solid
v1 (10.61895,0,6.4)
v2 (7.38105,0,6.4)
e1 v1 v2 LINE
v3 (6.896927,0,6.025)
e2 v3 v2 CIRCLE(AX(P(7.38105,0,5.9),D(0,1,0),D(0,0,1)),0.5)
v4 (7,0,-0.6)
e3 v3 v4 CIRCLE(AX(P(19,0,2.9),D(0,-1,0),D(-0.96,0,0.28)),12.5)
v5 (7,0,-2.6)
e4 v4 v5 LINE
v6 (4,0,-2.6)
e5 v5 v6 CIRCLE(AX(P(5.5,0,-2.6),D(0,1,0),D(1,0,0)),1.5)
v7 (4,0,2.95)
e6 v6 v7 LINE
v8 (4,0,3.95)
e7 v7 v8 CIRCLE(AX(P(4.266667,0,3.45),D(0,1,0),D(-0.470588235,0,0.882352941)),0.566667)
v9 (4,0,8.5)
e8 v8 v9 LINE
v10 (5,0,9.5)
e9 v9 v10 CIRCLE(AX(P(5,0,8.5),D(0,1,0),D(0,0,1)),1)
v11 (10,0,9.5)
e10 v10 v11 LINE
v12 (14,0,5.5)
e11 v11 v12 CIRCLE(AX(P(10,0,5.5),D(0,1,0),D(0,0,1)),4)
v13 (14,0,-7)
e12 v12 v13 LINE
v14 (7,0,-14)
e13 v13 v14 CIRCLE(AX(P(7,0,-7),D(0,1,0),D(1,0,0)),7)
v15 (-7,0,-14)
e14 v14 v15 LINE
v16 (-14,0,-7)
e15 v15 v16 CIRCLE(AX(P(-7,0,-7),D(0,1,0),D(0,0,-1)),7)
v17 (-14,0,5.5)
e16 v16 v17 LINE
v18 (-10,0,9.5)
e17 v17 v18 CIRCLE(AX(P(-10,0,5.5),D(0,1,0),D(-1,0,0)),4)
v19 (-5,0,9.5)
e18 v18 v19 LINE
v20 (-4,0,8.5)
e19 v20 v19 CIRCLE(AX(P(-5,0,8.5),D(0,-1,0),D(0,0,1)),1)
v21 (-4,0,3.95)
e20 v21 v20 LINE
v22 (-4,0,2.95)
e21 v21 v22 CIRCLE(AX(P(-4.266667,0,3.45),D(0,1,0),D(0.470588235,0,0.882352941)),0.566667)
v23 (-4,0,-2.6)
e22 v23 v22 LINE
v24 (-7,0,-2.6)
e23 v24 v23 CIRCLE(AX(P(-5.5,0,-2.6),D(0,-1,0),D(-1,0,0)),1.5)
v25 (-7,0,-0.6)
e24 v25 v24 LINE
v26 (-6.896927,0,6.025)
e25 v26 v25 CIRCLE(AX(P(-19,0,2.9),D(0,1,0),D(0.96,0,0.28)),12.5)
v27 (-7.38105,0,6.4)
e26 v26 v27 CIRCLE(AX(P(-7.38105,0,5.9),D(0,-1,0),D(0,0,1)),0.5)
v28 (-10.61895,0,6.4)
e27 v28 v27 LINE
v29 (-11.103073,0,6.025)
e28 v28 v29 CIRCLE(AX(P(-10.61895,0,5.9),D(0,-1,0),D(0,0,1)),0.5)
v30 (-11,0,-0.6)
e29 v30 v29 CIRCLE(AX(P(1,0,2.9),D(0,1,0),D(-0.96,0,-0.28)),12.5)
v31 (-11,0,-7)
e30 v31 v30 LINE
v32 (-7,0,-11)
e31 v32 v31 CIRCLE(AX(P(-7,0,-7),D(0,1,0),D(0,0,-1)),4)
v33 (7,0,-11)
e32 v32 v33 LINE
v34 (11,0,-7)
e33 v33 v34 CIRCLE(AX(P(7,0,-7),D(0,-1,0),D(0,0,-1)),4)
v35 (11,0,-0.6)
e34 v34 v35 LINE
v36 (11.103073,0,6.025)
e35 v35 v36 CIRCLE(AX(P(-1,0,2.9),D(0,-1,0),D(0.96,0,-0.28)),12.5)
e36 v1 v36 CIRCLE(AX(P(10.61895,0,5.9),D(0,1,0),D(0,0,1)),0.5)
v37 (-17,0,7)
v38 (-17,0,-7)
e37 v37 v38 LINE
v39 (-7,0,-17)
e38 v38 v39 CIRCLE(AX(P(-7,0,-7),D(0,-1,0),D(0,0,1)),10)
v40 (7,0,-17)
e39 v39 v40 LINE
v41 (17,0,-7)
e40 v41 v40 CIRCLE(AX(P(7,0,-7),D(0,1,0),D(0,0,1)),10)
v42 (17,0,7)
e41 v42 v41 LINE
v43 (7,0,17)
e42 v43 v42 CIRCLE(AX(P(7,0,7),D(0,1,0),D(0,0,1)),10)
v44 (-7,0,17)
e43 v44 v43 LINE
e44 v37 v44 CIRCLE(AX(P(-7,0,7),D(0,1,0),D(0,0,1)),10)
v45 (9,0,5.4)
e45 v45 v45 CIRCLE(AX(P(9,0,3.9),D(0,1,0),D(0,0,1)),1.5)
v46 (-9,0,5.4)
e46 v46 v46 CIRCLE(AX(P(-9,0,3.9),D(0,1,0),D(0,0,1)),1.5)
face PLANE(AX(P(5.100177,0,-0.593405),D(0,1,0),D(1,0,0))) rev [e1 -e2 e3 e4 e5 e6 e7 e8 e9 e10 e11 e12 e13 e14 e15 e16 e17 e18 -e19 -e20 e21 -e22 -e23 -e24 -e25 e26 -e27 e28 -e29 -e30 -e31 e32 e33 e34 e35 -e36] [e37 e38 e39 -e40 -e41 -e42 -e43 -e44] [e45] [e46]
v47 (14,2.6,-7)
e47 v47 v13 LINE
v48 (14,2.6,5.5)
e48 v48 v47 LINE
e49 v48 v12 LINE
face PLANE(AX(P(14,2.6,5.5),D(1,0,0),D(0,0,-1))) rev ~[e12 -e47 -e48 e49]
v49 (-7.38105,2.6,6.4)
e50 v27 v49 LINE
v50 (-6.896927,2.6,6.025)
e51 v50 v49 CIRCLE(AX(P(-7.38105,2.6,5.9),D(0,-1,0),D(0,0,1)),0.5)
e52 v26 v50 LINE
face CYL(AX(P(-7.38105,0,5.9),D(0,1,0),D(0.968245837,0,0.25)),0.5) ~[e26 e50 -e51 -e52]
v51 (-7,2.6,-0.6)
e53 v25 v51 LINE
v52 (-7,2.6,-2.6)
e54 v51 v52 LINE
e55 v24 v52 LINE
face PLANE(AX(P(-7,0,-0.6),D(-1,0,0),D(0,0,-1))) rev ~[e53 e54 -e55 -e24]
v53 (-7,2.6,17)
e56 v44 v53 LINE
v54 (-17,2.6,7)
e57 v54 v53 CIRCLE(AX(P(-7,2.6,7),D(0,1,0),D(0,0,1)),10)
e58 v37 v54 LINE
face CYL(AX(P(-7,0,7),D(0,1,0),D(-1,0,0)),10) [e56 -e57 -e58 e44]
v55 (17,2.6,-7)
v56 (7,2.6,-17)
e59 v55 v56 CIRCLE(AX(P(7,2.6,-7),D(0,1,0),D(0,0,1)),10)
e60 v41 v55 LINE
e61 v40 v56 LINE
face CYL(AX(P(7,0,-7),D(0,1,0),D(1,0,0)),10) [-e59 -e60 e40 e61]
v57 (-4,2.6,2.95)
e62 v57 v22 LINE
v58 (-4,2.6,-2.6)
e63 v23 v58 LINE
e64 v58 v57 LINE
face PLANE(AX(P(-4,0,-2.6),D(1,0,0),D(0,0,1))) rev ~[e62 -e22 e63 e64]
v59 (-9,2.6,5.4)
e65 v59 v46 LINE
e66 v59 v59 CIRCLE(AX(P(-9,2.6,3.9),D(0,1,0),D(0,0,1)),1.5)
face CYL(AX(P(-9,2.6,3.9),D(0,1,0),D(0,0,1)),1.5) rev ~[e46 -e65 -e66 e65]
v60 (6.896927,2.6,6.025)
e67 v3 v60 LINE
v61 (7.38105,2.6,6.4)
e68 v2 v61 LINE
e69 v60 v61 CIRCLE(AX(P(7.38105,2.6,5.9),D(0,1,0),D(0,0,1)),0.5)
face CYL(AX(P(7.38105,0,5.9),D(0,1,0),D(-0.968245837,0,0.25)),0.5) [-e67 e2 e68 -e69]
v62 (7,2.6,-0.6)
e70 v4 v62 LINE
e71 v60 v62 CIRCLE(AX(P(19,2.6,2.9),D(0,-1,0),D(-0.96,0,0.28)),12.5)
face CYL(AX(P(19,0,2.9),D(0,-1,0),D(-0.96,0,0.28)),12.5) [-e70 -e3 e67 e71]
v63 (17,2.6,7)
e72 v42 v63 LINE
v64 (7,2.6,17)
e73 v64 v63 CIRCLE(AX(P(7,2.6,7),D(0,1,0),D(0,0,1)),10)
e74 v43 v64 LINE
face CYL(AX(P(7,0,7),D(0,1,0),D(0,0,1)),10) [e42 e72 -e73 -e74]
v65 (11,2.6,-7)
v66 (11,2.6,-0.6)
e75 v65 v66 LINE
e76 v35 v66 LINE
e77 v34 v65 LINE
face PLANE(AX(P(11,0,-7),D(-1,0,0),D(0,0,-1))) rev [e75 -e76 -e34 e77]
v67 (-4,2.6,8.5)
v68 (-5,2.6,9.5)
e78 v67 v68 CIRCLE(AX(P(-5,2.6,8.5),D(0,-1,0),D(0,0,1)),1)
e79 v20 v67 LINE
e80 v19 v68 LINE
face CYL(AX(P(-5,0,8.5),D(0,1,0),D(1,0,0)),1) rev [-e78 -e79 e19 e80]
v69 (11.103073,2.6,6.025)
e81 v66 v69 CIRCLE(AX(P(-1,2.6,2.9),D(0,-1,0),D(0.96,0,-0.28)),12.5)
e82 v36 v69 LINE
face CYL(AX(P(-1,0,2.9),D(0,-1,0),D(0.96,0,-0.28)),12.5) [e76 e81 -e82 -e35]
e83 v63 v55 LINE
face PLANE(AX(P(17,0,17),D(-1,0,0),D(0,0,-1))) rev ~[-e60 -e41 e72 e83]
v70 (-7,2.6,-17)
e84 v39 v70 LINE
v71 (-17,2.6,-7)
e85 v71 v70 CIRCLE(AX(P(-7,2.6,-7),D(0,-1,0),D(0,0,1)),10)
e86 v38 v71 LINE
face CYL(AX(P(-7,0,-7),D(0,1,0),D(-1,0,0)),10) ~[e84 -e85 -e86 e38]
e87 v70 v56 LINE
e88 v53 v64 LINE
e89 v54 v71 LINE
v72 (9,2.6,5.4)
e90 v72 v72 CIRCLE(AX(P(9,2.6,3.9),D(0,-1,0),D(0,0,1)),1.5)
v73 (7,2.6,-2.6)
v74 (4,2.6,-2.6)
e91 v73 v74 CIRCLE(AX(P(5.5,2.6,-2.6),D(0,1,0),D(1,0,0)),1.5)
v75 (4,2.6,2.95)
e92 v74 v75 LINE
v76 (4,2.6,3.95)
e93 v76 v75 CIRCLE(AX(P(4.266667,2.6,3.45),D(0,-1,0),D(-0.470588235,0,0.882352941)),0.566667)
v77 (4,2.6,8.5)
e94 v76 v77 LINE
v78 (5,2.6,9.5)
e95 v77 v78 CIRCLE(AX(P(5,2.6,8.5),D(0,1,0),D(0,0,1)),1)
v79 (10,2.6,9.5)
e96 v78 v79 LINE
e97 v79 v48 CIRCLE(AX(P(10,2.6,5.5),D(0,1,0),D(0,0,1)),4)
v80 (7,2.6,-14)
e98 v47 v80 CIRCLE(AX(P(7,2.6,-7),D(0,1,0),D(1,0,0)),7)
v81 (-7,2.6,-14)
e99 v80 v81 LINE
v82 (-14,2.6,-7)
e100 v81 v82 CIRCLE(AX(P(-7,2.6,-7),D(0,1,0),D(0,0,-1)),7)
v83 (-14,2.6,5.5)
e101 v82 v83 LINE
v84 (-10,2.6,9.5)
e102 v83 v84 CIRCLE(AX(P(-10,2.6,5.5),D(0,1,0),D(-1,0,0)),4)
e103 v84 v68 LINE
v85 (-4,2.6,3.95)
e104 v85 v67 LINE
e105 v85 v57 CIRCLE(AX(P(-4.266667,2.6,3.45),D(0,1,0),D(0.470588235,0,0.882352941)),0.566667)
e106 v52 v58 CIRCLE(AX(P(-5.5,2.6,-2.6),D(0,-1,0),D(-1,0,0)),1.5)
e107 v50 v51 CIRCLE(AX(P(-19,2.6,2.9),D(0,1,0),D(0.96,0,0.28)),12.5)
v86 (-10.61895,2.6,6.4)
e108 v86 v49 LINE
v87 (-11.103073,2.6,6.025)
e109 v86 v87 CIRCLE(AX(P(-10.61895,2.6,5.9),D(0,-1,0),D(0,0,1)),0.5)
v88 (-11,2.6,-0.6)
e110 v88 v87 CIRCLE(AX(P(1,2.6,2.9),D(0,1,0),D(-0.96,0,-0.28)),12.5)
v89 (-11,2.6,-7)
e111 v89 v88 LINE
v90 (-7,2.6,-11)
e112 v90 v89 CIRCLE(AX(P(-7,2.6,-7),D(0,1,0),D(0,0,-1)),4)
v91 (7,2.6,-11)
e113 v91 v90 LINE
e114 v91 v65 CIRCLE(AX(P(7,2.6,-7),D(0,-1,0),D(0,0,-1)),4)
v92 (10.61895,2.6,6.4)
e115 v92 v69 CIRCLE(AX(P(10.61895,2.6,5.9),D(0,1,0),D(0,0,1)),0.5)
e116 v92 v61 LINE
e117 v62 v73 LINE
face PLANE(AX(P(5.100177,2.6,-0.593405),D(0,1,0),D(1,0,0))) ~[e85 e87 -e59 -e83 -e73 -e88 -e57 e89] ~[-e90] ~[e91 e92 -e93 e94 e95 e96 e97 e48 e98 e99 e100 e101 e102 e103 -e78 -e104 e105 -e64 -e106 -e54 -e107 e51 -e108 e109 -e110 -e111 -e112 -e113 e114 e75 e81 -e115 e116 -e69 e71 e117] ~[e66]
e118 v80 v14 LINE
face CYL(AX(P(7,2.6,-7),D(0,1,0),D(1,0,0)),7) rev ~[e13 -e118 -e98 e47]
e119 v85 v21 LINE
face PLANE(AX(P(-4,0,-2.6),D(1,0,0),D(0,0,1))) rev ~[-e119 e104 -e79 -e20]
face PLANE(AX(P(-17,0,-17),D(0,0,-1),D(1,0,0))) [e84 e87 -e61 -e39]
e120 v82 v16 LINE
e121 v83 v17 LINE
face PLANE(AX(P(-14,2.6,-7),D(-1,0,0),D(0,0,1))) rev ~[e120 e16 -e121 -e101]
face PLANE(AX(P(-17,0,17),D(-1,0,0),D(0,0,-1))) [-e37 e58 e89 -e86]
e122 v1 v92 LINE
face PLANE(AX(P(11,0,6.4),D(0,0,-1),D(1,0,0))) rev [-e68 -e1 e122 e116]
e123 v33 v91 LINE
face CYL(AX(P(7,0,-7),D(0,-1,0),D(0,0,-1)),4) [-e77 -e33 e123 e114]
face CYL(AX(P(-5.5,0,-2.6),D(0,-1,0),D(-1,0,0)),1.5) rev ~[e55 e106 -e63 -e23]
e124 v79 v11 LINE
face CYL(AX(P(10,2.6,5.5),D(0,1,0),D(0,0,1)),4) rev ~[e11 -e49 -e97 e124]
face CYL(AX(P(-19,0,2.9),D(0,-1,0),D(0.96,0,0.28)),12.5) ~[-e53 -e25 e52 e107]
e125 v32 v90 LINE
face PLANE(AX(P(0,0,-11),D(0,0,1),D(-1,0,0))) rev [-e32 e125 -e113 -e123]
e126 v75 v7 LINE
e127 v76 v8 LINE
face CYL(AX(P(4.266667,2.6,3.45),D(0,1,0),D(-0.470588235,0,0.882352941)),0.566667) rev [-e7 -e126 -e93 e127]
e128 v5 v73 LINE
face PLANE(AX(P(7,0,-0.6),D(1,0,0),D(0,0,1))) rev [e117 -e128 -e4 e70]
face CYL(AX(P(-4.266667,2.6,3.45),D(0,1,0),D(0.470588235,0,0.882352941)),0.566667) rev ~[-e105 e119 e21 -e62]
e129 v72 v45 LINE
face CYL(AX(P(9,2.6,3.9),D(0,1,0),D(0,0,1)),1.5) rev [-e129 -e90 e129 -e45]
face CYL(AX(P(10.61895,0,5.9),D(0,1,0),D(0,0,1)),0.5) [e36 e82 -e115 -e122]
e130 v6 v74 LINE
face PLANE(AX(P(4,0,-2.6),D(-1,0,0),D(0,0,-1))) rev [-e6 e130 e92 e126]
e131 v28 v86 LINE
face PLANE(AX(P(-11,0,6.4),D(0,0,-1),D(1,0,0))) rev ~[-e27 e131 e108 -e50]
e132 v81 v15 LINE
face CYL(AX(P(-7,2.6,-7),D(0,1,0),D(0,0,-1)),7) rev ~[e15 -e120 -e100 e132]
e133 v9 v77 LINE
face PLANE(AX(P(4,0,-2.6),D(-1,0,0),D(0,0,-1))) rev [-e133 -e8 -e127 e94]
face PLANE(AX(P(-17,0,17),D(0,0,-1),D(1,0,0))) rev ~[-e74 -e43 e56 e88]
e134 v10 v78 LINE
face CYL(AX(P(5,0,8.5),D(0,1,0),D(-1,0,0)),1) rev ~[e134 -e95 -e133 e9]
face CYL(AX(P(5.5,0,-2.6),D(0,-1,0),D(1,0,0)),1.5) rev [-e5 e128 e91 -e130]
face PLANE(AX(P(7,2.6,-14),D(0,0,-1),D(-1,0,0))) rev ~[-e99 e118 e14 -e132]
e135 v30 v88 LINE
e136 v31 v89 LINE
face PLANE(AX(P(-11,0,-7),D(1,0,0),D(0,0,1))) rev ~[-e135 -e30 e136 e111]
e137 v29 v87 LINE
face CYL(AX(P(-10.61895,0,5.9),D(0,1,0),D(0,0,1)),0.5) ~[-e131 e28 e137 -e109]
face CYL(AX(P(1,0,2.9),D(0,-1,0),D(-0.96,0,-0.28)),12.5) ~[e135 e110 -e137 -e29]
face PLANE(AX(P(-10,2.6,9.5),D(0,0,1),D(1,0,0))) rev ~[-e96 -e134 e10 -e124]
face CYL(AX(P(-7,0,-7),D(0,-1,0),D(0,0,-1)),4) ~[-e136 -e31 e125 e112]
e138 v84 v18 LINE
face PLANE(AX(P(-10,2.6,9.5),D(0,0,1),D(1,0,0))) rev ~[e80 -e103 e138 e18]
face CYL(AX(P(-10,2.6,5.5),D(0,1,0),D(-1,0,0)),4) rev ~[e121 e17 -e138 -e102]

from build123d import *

# Parameters (mm, degrees)
SKETCH1_W                        = 34
SKETCH1_H                        = 34
BASE_DEPTH                       = 2.6
BASE_FILLET_R                    = 10
INNER_CUT_DEPTH                  = 25.181811347
INNER_LEFT_PROFILE_DEPTH         = 2.6
SKETCH5_R                        = 1.5
RIVET_HOLE_DEPTH                 = 25.181811347
GROOVED_PARTIAL_CIRCLE_CUT_DEPTH = 25.181811347
ILP_F_R                          = 0.5
IC_F_R                           = 1
ILP_F_OF_MIRROR_INNER_FEATURES_R = 0.5
IC_F_OF_MIRROR_INNER_FEATURES_R  = 1


with BuildPart() as part:
    # Sketch1 → BASE (new body)
    with BuildSketch(Plane(origin=(0, 0, 0), x_dir=(1, 0, 0), z_dir=(0, 1, 0))):
        Rectangle(SKETCH1_W, SKETCH1_H)
    extrude(amount=BASE_DEPTH)

    # BASE FILLET
    base_fillet_edges = [part.edges().sort_by_distance(p)[0] for p in [
        (17, 1.3, 17),
        (-17, 1.3, 17),
        (-17, 1.3, -17),
        (17, 1.3, -17),
    ]]
    fillet(base_fillet_edges, radius=BASE_FILLET_R)

    # Sketch3 → INNER CUT (cut, through all)
    with BuildSketch(Plane(origin=(0, 2.6, 0), x_dir=(1, 0, 0), z_dir=(0, 1, 0))):
        with BuildLine():
            Line((-10, -9.5), (10, -9.5))
            ThreePointArc((10, -9.5), (12.828427125, -8.328427125), (14, -5.5))
            Line((14, -5.5), (14, 7))
            ThreePointArc((14, 7), (11.949747468, 11.949747468), (7, 14))
            Line((7, 14), (-7, 14))
            ThreePointArc((-7, 14), (-11.949747468, 11.949747468), (-14, 7))
            Line((-14, 7), (-14, -5.5))
            ThreePointArc((-14, -5.5), (-12.828427125, -8.328427125), (-10, -9.5))
        make_face()
    extrude(amount=-INNER_CUT_DEPTH, mode=Mode.SUBTRACT)

    # Sketch4 → INNER LEFT PROFILE (add)
    with BuildSketch(Plane(origin=(0, 0, 0), x_dir=(1, 0, 0), z_dir=(0, 1, 0))):
        with BuildLine():
            Line((-4, 2.6), (-4, -9.5))
            Line((-4, -9.5), (0, -9.5))
            Line((0, -9.5), (0, 11))
            Line((0, 11), (-7, 11))
            ThreePointArc((-7, 11), (-9.828427125, 9.828427125), (-11, 7))
            Line((-11, 7), (-11, 0.6))
            ThreePointArc((-11, 0.6), (-11.5, -2.9), (-11, -6.4))
            Line((-11, -6.4), (-7, -6.4))
            ThreePointArc((-7, -6.4), (-6.5, -2.9), (-7, 0.6))
            Line((-7, 0.6), (-7, 2.6))
            ThreePointArc((-7, 2.6), (-5.5, 4.1), (-4, 2.6))
        make_face()
    inner_left_profile = extrude(amount=INNER_LEFT_PROFILE_DEPTH)

    # Sketch5 → RIVET HOLE (cut, through all)
    with BuildSketch(Plane(origin=(0, 2.6, 0), x_dir=(1, 0, 0), z_dir=(0, 1, 0))):
        with Locations(Location((-9, -3.9, 0), (0, 0, 270))):
            Circle(SKETCH5_R)
    rivet_hole = extrude(amount=-RIVET_HOLE_DEPTH, mode=Mode.SUBTRACT)

    # Sketch6 → GROOVED PARTIAL CIRCLE CUT (cut, through all)
    with BuildSketch(Plane(origin=(0, 2.6, 0), x_dir=(1, 0, 0), z_dir=(0, 1, 0))):
        with BuildLine():
            Line((-4, -2.95), (-4, -3.95))
            ThreePointArc((-4, -3.95), (-3.7, -3.45), (-4, -2.95))
        make_face()
    grooved_partial_circle_cut = extrude(amount=-GROOVED_PARTIAL_CIRCLE_CUT_DEPTH, mode=Mode.SUBTRACT)

    # ILP F
    ilp_f_edges = [part.edges().sort_by_distance(p)[0] for p in [
        (-11, 1.3, 6.4),
        (-7, 1.3, 6.4),
    ]]
    fillet(ilp_f_edges, radius=ILP_F_R)

    # IC F
    ic_f_edges = [part.edges().sort_by_distance(p)[0] for p in [
        (-4, 1.3, 9.5),
    ]]
    fillet(ic_f_edges, radius=IC_F_R)

    # MIRROR INNER FEATURES: INNER LEFT PROFILE, RIVET HOLE, GROOVED PARTIAL CIRCLE CUT across plane
    add(inner_left_profile.mirror(Plane(origin=(0, 0, 0), x_dir=(0, 0, 1), z_dir=(1, 0, 0))))
    add(rivet_hole.mirror(Plane(origin=(0, 0, 0), x_dir=(0, 0, 1), z_dir=(1, 0, 0))), mode=Mode.SUBTRACT)
    add(grooved_partial_circle_cut.mirror(Plane(origin=(0, 0, 0), x_dir=(0, 0, 1), z_dir=(1, 0, 0))), mode=Mode.SUBTRACT)

    # ILP F of MIRROR INNER FEATURES
    ilp_f_of_mirror_inner_features_edges = [part.edges().sort_by_distance(p)[0] for p in [
        (11, 1.3, 6.4),
        (7, 1.3, 6.4),
    ]]
    fillet(ilp_f_of_mirror_inner_features_edges, radius=ILP_F_OF_MIRROR_INNER_FEATURES_R)

    # IC F of MIRROR INNER FEATURES
    ic_f_of_mirror_inner_features_edges = [part.edges().sort_by_distance(p)[0] for p in [
        (4, 1.3, 9.5),
    ]]
    fillet(ic_f_of_mirror_inner_features_edges, radius=IC_F_OF_MIRROR_INNER_FEATURES_R)


solid = part.part
